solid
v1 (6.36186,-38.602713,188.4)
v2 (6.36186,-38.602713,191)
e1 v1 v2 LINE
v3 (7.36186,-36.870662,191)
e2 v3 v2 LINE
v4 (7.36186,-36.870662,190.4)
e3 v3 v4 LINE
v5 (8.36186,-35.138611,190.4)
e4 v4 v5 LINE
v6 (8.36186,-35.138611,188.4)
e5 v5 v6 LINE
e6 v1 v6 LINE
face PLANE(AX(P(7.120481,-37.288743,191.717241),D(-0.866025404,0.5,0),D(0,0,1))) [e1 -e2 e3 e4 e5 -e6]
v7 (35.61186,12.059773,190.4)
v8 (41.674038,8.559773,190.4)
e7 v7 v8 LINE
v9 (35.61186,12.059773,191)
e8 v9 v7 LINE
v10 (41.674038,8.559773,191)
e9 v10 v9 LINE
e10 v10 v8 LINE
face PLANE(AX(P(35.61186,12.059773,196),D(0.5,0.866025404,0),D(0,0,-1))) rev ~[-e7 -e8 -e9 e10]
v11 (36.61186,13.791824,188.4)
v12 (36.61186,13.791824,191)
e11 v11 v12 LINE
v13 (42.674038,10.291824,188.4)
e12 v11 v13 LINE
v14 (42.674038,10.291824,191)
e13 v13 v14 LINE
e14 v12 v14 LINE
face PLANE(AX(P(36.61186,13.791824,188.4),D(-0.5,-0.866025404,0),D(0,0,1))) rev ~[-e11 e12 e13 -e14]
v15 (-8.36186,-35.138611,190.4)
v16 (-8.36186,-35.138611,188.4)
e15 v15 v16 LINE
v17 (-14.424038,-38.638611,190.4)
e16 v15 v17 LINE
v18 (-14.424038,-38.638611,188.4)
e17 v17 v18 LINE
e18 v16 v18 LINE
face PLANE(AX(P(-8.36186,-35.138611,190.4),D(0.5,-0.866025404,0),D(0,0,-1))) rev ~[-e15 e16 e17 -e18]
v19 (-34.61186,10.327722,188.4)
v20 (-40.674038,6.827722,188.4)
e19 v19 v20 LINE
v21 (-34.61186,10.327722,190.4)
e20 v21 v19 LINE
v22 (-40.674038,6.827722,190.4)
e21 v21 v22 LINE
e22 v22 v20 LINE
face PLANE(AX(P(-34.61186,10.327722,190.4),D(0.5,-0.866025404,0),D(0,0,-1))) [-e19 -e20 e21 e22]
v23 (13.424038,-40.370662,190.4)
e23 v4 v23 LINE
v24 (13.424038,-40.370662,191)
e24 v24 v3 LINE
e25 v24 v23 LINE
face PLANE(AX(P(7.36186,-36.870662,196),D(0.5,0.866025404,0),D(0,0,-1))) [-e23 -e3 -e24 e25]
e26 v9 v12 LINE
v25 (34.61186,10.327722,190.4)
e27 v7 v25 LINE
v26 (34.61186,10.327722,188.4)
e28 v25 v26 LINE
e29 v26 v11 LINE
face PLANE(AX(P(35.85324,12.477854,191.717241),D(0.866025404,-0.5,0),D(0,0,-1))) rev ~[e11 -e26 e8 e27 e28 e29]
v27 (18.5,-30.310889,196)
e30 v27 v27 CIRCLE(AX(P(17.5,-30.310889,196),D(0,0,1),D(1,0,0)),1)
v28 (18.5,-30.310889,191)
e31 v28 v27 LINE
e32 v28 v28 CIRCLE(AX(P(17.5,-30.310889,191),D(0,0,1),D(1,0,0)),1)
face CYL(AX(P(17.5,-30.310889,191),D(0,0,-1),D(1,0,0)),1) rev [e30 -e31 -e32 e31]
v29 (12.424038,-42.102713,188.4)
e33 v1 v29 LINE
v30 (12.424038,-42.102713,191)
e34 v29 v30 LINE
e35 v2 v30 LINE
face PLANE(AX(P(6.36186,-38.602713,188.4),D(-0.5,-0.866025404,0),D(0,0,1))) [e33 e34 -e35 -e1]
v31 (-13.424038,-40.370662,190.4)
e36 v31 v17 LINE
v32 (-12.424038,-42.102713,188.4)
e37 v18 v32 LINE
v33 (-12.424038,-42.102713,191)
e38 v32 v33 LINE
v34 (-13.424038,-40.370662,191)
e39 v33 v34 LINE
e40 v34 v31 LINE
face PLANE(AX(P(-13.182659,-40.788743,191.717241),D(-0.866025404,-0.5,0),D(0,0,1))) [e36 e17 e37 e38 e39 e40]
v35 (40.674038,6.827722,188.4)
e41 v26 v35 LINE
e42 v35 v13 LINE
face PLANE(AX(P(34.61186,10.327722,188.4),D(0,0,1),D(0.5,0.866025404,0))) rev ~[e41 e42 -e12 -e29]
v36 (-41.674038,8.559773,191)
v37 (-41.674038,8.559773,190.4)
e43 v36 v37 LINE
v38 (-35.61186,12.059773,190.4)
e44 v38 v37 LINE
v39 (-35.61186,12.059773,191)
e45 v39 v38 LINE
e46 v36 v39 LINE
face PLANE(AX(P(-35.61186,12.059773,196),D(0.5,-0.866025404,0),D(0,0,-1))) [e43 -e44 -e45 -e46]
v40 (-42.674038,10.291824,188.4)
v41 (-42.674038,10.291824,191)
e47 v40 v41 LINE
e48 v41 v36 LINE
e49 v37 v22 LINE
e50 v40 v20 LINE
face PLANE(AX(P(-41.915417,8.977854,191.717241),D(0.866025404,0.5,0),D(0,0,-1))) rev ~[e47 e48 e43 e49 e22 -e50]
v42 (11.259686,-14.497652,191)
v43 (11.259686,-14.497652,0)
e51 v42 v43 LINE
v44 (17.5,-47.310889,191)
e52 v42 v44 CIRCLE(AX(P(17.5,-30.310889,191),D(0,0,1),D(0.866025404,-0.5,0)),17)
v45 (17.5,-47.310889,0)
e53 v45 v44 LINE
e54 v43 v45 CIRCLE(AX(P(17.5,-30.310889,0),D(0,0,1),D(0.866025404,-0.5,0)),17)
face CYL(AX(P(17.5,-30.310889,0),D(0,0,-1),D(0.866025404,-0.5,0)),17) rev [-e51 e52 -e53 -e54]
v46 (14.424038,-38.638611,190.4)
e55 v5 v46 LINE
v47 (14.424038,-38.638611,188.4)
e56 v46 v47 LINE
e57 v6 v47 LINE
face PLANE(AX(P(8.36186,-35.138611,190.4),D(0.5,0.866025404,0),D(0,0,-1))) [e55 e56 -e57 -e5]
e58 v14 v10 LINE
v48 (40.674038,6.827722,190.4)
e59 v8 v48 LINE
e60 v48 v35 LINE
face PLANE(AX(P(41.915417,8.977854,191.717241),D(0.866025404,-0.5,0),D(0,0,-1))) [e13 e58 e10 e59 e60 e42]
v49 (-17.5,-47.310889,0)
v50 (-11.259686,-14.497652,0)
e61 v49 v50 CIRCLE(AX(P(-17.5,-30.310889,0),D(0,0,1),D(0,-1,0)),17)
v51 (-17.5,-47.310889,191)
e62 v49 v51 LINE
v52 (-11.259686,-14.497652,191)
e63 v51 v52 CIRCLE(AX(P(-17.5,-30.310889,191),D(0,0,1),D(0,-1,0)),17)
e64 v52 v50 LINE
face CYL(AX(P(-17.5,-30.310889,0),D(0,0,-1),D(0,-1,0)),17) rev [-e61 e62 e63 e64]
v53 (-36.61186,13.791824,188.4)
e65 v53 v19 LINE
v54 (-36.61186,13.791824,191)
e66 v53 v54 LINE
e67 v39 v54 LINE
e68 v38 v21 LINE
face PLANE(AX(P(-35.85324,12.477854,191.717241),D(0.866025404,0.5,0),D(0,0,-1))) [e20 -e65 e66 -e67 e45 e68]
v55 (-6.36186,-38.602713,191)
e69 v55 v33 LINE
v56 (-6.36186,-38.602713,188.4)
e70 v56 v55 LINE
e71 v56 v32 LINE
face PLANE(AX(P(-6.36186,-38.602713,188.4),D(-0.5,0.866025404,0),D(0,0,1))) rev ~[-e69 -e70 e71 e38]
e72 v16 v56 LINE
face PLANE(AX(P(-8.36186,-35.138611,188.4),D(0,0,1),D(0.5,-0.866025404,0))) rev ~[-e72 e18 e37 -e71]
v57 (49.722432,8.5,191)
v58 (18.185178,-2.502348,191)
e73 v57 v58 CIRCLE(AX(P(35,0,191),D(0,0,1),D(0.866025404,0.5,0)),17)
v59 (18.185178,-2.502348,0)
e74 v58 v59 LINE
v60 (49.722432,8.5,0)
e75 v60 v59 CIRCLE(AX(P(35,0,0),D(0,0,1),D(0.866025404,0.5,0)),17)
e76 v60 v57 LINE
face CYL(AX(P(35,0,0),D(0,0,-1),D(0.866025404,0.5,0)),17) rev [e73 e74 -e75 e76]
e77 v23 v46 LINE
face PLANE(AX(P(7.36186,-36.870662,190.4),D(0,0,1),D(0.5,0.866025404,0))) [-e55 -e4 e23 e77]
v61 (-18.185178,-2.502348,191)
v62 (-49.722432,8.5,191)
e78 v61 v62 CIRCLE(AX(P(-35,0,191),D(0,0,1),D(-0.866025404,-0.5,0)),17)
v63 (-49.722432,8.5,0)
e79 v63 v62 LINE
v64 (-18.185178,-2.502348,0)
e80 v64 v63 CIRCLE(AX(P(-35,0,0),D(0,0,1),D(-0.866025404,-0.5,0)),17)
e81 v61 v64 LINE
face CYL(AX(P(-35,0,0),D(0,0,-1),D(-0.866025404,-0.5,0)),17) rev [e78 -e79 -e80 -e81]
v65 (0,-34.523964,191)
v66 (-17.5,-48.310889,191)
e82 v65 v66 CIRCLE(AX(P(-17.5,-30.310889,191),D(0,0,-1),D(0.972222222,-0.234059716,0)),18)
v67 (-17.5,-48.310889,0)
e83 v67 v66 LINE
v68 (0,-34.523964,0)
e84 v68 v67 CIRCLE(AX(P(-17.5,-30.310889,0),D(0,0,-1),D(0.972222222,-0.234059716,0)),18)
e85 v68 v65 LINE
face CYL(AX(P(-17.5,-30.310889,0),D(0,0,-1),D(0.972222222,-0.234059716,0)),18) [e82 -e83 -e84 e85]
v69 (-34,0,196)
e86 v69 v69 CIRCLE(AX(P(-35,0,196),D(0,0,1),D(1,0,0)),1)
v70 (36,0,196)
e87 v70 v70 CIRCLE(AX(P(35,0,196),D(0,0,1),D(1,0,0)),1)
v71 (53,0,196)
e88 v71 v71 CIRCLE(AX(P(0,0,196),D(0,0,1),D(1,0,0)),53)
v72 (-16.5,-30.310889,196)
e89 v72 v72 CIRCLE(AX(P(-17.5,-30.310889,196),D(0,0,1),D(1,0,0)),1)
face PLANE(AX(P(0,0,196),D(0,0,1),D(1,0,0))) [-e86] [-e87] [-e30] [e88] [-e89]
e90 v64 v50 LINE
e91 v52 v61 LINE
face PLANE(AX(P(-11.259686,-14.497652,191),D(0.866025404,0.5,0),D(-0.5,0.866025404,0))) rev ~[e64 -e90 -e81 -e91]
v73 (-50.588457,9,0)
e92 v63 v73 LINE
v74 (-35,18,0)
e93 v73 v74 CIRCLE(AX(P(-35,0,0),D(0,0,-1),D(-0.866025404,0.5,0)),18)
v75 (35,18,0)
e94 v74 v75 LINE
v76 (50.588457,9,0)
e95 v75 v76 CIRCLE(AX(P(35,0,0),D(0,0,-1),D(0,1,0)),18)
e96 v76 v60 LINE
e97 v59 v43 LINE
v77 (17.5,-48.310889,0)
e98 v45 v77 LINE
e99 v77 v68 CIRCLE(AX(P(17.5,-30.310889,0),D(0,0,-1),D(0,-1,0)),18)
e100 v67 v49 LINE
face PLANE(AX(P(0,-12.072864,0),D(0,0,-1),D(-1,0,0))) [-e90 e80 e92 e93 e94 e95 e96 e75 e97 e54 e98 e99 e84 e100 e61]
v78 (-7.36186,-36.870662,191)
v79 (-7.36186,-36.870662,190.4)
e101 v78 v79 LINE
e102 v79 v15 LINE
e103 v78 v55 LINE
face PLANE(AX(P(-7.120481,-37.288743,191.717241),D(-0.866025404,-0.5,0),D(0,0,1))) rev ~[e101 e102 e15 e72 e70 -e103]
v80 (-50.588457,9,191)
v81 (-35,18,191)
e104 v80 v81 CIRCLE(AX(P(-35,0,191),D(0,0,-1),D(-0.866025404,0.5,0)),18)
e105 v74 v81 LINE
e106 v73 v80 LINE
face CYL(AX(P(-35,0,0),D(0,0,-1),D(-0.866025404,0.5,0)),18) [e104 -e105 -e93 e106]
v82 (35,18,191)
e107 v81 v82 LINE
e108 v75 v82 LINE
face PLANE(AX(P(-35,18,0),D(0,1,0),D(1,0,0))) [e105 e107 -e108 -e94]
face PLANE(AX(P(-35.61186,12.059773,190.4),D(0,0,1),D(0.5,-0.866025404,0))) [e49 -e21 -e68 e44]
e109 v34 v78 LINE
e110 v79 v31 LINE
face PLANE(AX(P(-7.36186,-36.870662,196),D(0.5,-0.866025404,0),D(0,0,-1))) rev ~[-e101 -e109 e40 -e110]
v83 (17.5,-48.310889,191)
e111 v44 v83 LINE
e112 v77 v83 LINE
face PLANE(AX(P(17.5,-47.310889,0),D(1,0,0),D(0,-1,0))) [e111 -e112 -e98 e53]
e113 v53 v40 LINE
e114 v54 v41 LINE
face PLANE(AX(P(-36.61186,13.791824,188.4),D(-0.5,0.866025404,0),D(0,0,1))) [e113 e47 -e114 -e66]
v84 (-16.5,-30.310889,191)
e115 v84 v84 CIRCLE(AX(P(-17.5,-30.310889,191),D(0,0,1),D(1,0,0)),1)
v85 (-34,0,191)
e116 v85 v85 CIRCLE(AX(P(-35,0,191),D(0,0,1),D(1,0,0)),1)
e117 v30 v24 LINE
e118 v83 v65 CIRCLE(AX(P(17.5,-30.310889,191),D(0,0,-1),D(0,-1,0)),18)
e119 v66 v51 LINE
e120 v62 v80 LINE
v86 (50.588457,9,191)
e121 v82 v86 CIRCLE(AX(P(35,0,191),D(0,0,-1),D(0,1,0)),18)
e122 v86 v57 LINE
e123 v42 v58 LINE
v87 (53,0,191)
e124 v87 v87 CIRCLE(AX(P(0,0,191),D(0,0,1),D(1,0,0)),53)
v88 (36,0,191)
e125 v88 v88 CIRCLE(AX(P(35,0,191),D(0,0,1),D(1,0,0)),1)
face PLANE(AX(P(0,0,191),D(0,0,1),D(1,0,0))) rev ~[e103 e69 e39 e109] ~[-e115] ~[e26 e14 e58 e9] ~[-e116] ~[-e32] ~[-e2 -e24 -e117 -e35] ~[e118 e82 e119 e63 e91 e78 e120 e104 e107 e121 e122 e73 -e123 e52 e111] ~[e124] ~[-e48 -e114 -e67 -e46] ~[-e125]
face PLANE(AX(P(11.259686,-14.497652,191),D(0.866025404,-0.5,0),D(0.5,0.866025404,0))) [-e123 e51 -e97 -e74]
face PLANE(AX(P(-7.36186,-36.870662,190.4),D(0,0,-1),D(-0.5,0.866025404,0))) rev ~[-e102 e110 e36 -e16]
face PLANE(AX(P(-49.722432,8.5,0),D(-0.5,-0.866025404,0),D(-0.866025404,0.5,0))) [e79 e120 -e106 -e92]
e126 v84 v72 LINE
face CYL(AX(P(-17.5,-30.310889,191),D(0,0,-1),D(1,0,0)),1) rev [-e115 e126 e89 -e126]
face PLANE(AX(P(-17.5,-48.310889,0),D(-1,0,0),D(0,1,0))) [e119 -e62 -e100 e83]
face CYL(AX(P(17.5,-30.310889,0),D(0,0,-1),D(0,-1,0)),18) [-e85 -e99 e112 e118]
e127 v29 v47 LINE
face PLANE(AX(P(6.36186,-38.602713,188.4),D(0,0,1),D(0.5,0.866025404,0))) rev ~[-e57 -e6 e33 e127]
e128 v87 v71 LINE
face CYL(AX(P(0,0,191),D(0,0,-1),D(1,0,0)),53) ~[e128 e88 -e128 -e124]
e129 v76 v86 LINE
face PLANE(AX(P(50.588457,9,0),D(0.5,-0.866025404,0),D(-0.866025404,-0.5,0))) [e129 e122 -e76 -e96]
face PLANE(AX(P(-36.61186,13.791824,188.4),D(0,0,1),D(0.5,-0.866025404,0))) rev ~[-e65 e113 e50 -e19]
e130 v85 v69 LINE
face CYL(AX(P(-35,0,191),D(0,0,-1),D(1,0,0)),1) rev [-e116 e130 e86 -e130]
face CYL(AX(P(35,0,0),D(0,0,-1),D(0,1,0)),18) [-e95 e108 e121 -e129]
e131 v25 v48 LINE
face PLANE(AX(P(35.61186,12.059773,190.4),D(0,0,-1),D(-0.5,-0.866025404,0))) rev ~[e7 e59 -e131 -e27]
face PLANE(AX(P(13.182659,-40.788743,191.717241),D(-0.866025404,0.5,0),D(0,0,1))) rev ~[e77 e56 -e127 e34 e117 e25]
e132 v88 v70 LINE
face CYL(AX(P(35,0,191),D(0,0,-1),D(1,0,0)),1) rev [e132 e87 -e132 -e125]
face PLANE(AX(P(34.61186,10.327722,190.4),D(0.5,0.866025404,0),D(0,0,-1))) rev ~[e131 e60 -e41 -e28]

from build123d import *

# Parameters (mm, degrees)
BOSS_EXTRU_1_DEPTH      = 191
ENL_V_MAT_EXTRU_1_DEPTH = 204.406327378
ESQUISSE2_R             = 53
ESQUISSE2_R_2           = 1
BOSS_EXTRU_2_DEPTH      = 5
BOSS_EXTRU_3_DEPTH      = 7
BOSS_EXTRU_4_DEPTH      = 7


with BuildPart() as part:
    # Esquisse1 → Boss.-Extru.1 (new body)
    with BuildSketch(Plane.XY):
        with BuildLine():
            Line((-17.5, -48.310889132), (-17.5, -47.310889132))
            ThreePointArc((-17.5, -47.310889132), (-9, -15.588457268), (-32.222431864, -38.810889132))
            Line((-32.222431864, -38.810889132), (-33.088457268, -39.310889132))
            ThreePointArc((-33.088457268, -39.310889132), (-35.314540075, -27.733649929), (-29.89862988, -17.26198201))
            ThreePointArc((-29.89862988, -17.26198201), (-41.675315415, -16.716463864), (-50.588457268, -9))
            Line((-50.588457268, -9), (-49.722431864, -8.5))
            ThreePointArc((-49.722431864, -8.5), (-18, 0), (-49.722431864, 8.5))
            Line((-49.722431864, 8.5), (-50.588457268, 9))
            ThreePointArc((-50.588457268, 9), (-44, 15.588457268), (-35, 18))
            Line((-35, 18), (35, 18))
            ThreePointArc((35, 18), (44, 15.588457268), (50.588457268, 9))
            Line((50.588457268, 9), (49.722431864, 8.5))
            ThreePointArc((49.722431864, 8.5), (18, 0), (49.722431864, -8.5))
            Line((49.722431864, -8.5), (50.588457268, -9))
            ThreePointArc((50.588457268, -9), (41.675315415, -16.716463864), (29.89862988, -17.26198201))
            ThreePointArc((29.89862988, -17.26198201), (35.314540075, -27.733649929), (33.088457268, -39.310889132))
            Line((33.088457268, -39.310889132), (32.222431864, -38.810889132))
            ThreePointArc((32.222431864, -38.810889132), (9, -15.588457268), (17.5, -47.310889132))
            Line((17.5, -47.310889132), (17.5, -48.310889132))
            ThreePointArc((17.5, -48.310889132), (6.36077534, -44.450113792), (0, -34.523964019))
            ThreePointArc((0, -34.523964019), (-6.36077534, -44.450113792), (-17.5, -48.310889132))
        make_face()
    extrude(amount=BOSS_EXTRU_1_DEPTH)

    # Esquisse4 → Enlèv. mat.-Extru.1 (cut, through all)
    with BuildSketch(Plane.XY.offset(191)):
        Polygon((11.259686126, -14.497651553), (18.185177603, -2.502348447), (49.722431864, -8.5), (50.588457268, -9), (33.088457268, -39.310889132), (32.222431864, -38.810889132), align=None)
        Polygon((-33.088457268, -39.310889132), (-32.222431864, -38.810889132), (-11.259686126, -14.497651553), (-18.185177603, -2.502348447), (-49.722431864, -8.5), (-50.588457268, -9), align=None)
    extrude(amount=-ENL_V_MAT_EXTRU_1_DEPTH, mode=Mode.SUBTRACT)

    # Esquisse2 → Boss.-Extru.2 (add)
    with BuildSketch(Plane.XY.offset(191)):
        Circle(ESQUISSE2_R)
        with Locations((-35, 0)):
            Circle(ESQUISSE2_R_2, mode=Mode.SUBTRACT)
        with Locations((-17.5, -30.310889132)):
            Circle(ESQUISSE2_R_2, mode=Mode.SUBTRACT)
        with Locations((17.5, -30.310889132)):
            Circle(ESQUISSE2_R_2, mode=Mode.SUBTRACT)
        with Locations((35, 0)):
            Circle(ESQUISSE2_R_2, mode=Mode.SUBTRACT)
        Polygon((41.674038106, 8.559773091), (35.611860279, 12.059773091), (36.611860279, 13.791823898), (42.674038106, 10.291823898), align=None, mode=Mode.SUBTRACT)
        Polygon((7.361860279, -36.870662223), (6.361860279, -38.602713031), (12.424038106, -42.102713031), (13.424038106, -40.370662223), align=None, mode=Mode.SUBTRACT)
        Polygon((-35.611860279, 12.059773091), (-36.611860279, 13.791823898), (-42.674038106, 10.291823898), (-41.674038106, 8.559773091), align=None, mode=Mode.SUBTRACT)
        Polygon((-7.361860279, -36.870662223), (-6.361860279, -38.602713031), (-12.424038106, -42.102713031), (-13.424038106, -40.370662223), align=None, mode=Mode.SUBTRACT)
    extrude(amount=BOSS_EXTRU_2_DEPTH)

    # Esquisse5 → Boss.-Extru.3 (add)
    with BuildSketch(Plane(origin=(21.486860279, -12.405444566, 0), x_dir=(0, 0, -1), z_dir=(0.8660254037844384, -0.5000000000000006, 0))):
        Polygon((-196, -28.25), (-190.4, -28.25), (-190.4, -26.25), (-188.4, -26.25), (-188.4, -28.25), (-188.4, -30.25), (-196, -30.25), align=None)
        Polygon((-190.4, 26.25), (-188.4, 26.25), (-188.4, 28.25), (-188.4, 30.25), (-196, 30.25), (-196, 28.25), (-190.4, 28.25), align=None)
    extrude(amount=BOSS_EXTRU_3_DEPTH)

    # Esquisse6 → Boss.-Extru.4 (add)
    with BuildSketch(Plane(origin=(-21.486860279, -12.405444566, 0), x_dir=(0, 0, 1), z_dir=(-0.8660254037844384, -0.5000000000000006, 0))):
        Polygon((196, -28.25), (190.4, -28.25), (190.4, -26.25), (188.4, -26.25), (188.4, -28.25), (188.4, -30.25), (196, -30.25), align=None)
        Polygon((190.4, 26.25), (188.4, 26.25), (188.4, 28.25), (188.4, 30.25), (196, 30.25), (196, 28.25), (190.4, 28.25), align=None)
    extrude(amount=BOSS_EXTRU_4_DEPTH)


solid = part.part
